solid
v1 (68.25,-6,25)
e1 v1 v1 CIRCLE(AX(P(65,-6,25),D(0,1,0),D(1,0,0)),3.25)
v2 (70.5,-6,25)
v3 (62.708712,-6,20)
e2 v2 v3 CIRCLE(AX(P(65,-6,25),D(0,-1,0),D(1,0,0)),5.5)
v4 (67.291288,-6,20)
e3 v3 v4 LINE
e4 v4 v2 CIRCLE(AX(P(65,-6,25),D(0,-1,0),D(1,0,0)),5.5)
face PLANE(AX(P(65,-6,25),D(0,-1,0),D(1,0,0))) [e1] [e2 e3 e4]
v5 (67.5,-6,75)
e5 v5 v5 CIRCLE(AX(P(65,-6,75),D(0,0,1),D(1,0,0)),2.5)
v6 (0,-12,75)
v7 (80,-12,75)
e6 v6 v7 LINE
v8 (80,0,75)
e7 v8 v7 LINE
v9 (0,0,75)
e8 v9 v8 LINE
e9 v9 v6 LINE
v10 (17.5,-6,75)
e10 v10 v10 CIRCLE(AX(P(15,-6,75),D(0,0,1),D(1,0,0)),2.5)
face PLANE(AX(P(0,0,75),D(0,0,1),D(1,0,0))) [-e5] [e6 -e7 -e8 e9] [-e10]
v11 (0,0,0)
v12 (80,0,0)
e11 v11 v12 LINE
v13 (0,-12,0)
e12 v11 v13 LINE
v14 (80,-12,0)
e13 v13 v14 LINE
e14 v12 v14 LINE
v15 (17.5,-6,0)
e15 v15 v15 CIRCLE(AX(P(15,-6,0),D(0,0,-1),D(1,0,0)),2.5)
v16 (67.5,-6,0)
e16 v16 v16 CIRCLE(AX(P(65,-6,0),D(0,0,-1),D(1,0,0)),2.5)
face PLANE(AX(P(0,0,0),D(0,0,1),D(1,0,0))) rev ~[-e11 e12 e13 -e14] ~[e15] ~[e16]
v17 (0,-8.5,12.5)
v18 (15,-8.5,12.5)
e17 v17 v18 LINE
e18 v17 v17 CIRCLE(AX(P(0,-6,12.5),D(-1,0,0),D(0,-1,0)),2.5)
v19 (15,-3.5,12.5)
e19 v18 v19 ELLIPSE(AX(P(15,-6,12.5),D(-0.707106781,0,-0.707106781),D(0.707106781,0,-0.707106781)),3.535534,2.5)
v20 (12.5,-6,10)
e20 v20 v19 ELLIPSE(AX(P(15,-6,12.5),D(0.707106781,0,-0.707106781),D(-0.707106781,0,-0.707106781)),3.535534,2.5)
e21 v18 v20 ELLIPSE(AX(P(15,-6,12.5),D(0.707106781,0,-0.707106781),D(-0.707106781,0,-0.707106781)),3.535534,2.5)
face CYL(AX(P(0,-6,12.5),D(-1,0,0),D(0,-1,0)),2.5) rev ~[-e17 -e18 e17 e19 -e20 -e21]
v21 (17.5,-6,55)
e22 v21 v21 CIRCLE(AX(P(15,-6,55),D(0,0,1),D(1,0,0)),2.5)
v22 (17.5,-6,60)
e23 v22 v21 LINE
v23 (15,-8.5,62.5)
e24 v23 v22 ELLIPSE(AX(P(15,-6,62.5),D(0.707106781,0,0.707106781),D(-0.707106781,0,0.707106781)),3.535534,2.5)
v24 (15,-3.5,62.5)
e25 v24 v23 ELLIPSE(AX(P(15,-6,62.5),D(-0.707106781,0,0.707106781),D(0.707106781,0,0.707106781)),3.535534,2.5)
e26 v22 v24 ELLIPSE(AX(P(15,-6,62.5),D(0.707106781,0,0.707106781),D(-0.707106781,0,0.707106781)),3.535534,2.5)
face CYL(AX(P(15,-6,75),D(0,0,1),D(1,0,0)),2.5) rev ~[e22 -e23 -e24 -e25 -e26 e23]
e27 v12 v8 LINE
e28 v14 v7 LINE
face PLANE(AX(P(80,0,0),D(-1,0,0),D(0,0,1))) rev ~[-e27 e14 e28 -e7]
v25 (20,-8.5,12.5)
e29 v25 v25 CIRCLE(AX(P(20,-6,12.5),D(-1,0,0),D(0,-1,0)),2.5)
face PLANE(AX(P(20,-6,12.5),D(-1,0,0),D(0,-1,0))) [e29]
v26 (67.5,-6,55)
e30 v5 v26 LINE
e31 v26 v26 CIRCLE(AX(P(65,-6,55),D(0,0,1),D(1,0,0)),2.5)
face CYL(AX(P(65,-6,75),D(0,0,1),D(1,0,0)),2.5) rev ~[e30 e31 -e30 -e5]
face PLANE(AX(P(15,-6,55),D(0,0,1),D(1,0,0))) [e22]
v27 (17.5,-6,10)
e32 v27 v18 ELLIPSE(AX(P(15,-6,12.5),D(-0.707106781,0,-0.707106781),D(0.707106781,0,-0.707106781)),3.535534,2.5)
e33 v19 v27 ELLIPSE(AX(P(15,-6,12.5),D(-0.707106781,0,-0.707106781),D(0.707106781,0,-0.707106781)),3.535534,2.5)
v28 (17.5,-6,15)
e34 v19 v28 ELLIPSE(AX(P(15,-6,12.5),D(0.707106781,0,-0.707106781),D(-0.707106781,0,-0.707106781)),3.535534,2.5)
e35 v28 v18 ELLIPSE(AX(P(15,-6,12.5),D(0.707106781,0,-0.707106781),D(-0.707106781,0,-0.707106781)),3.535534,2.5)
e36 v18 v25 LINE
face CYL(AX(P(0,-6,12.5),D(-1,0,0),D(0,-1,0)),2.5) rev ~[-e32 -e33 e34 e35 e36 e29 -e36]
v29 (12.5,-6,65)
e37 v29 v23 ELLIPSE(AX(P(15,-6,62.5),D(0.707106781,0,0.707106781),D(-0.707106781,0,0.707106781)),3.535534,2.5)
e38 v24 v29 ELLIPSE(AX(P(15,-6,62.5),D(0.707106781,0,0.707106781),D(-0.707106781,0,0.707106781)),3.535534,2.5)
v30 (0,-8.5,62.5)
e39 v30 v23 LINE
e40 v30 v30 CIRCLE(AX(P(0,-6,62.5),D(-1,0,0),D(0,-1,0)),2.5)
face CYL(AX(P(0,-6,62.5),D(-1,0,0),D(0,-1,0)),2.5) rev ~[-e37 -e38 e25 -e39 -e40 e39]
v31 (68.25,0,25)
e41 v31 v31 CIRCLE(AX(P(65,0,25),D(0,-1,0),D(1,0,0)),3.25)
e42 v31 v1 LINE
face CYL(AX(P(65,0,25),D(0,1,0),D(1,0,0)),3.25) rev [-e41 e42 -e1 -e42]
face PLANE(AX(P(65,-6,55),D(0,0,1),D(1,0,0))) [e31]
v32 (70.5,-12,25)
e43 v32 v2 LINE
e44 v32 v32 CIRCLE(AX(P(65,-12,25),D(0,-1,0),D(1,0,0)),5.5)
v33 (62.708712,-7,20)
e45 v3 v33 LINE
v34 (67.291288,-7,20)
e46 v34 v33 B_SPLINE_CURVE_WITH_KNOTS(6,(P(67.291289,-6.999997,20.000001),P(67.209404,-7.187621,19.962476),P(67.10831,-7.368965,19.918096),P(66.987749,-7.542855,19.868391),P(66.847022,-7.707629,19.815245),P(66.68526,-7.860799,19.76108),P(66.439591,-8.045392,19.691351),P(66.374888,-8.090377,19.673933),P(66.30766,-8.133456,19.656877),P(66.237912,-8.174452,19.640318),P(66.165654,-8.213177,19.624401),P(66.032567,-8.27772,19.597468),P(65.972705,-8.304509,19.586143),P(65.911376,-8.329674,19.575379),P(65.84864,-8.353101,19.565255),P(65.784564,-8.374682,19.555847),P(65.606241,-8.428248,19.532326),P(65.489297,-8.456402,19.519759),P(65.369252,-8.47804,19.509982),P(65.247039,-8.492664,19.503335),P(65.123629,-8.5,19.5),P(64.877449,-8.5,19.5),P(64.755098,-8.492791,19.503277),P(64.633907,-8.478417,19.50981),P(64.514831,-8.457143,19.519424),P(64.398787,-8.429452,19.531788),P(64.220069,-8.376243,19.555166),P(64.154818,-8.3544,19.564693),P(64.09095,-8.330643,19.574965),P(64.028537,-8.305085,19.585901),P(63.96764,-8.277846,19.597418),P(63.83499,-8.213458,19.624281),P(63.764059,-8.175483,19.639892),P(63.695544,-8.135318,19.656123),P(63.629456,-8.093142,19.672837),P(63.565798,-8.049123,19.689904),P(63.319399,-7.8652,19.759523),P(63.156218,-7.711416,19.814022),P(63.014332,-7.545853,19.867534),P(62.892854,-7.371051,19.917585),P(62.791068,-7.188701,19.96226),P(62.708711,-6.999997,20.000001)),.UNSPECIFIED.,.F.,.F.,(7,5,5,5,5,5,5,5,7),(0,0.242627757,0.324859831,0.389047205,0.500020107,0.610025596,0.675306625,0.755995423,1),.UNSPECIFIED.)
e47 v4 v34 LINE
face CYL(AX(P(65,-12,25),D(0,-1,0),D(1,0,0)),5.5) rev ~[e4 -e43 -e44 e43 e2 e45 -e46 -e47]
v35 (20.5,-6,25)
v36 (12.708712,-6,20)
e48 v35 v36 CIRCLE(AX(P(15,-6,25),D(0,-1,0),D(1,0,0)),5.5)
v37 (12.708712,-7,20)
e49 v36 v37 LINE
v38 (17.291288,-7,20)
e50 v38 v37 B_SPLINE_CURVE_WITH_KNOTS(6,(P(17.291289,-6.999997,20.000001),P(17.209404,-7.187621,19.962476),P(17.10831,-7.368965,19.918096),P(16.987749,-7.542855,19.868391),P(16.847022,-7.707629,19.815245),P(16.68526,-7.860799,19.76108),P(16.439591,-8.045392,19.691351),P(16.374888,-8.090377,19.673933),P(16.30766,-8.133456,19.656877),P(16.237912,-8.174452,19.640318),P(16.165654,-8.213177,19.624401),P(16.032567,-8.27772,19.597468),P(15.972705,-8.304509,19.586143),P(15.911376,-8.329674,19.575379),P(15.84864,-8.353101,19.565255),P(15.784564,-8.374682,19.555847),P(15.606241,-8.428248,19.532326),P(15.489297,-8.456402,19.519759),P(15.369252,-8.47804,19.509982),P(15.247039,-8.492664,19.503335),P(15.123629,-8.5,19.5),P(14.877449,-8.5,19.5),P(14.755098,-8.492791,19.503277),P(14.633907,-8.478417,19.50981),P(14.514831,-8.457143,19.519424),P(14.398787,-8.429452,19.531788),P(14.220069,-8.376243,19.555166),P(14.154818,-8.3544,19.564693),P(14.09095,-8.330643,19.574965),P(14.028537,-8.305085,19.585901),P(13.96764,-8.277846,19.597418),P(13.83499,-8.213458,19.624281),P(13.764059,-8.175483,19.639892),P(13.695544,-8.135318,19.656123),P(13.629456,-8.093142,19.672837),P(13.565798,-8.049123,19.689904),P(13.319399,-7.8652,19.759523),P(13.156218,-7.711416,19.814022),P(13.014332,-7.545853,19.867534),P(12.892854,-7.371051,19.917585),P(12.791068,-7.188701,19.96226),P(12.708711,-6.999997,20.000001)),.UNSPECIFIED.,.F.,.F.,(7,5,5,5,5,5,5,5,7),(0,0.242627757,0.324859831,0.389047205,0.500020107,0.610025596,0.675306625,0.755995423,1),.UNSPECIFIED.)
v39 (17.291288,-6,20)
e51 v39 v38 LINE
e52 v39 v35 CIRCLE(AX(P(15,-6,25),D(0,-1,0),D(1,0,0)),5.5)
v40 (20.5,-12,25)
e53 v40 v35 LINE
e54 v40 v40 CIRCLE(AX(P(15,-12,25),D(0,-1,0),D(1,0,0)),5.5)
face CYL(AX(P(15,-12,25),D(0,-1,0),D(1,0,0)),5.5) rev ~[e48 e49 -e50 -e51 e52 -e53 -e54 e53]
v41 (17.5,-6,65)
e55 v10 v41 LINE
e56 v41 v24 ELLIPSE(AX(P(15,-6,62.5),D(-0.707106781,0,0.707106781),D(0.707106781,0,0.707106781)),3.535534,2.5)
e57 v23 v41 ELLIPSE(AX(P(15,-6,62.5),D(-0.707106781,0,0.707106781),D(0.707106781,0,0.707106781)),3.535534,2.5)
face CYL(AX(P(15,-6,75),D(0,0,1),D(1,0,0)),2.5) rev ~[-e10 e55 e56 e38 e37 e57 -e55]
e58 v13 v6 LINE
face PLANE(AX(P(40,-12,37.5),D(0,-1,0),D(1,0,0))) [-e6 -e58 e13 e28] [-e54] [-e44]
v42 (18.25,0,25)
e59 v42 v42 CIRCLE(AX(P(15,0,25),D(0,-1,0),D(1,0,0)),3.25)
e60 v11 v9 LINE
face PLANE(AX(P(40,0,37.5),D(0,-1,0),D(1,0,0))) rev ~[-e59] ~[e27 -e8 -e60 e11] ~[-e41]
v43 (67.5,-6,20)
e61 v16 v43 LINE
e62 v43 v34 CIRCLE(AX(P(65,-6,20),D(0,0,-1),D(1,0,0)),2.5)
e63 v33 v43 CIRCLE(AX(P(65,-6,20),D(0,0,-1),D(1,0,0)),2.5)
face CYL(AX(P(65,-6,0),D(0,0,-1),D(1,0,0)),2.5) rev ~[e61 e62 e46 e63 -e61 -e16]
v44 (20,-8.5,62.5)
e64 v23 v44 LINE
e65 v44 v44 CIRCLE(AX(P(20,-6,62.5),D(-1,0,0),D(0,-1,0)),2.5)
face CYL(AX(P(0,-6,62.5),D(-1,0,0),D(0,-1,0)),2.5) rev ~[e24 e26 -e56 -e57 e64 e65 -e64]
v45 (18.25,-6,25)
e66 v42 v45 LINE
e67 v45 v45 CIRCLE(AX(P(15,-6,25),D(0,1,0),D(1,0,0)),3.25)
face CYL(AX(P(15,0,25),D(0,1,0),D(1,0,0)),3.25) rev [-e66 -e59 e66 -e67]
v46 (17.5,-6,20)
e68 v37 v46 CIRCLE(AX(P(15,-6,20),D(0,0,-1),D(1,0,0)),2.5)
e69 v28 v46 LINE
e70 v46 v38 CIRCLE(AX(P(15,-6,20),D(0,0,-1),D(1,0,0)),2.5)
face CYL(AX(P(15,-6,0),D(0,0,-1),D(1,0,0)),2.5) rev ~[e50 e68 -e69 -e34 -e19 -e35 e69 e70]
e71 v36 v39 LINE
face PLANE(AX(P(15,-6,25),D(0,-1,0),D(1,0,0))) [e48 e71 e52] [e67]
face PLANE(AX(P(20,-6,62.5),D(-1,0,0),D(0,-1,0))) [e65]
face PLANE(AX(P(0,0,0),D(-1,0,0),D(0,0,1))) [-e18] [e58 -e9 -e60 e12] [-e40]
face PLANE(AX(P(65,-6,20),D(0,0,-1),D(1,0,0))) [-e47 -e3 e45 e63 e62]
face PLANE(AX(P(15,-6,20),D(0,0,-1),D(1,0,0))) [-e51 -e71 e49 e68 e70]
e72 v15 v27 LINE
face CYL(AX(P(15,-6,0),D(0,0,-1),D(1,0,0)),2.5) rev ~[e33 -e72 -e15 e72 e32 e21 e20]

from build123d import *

# Parameters (mm, degrees)
F0_W     = 80
F0_H     = 75
F0_R     = 3.25
F1_DEPTH = 12
F2_R     = 5.5
F3_DEPTH = 6
F4_R     = 2.5
F5_DEPTH = 20
F6_R     = 2.5
F7_DEPTH = 20
F8_R     = 2.5
F9_DEPTH = 20


with BuildPart() as f1:
    # F0 (on Front) → F1 (new body)
    with BuildSketch(Plane.XZ):
        with Locations((40, 37.5)):
            Rectangle(F0_W, F0_H)
        with Locations((15, 25)):
            Circle(F0_R, mode=Mode.SUBTRACT)
        with Locations((65, 25)):
            Circle(F0_R, mode=Mode.SUBTRACT)
    extrude(amount=F1_DEPTH)

    # F2 (on face) → F3 (cut)
    with BuildSketch(Plane.XZ.offset(12)):
        with Locations((15, 25)):
            Circle(F2_R)
        with Locations((65, 25)):
            Circle(F2_R)
    extrude(amount=-F3_DEPTH, mode=Mode.SUBTRACT)

    # F4 (on face) → F5 (cut)
    with BuildSketch(Plane(origin=(0, 0, 0), x_dir=(1, 0, 0), z_dir=(0, 0, -1))):
        with Locations((15, 6)):
            Circle(F4_R)
        with Locations((65, 6)):
            Circle(F4_R)
    extrude(amount=-F5_DEPTH, mode=Mode.SUBTRACT)

    # F6 (on face) → F7 (cut)
    with BuildSketch(Plane.XY.offset(75)):
        with Locations((15, -6)):
            Circle(F6_R)
        with Locations((65, -6)):
            Circle(F6_R)
    extrude(amount=-F7_DEPTH, mode=Mode.SUBTRACT)

    # F8 (on face) → F9 (cut)
    with BuildSketch(Plane(origin=(0, 0, 0), x_dir=(0, -1, 0), z_dir=(-1, 0, 0))):
        with Locations((6, 62.5)):
            Circle(F8_R)
        with Locations((6, 12.5)):
            Circle(F8_R)
    extrude(amount=-F9_DEPTH, mode=Mode.SUBTRACT)


solid = f1.part
